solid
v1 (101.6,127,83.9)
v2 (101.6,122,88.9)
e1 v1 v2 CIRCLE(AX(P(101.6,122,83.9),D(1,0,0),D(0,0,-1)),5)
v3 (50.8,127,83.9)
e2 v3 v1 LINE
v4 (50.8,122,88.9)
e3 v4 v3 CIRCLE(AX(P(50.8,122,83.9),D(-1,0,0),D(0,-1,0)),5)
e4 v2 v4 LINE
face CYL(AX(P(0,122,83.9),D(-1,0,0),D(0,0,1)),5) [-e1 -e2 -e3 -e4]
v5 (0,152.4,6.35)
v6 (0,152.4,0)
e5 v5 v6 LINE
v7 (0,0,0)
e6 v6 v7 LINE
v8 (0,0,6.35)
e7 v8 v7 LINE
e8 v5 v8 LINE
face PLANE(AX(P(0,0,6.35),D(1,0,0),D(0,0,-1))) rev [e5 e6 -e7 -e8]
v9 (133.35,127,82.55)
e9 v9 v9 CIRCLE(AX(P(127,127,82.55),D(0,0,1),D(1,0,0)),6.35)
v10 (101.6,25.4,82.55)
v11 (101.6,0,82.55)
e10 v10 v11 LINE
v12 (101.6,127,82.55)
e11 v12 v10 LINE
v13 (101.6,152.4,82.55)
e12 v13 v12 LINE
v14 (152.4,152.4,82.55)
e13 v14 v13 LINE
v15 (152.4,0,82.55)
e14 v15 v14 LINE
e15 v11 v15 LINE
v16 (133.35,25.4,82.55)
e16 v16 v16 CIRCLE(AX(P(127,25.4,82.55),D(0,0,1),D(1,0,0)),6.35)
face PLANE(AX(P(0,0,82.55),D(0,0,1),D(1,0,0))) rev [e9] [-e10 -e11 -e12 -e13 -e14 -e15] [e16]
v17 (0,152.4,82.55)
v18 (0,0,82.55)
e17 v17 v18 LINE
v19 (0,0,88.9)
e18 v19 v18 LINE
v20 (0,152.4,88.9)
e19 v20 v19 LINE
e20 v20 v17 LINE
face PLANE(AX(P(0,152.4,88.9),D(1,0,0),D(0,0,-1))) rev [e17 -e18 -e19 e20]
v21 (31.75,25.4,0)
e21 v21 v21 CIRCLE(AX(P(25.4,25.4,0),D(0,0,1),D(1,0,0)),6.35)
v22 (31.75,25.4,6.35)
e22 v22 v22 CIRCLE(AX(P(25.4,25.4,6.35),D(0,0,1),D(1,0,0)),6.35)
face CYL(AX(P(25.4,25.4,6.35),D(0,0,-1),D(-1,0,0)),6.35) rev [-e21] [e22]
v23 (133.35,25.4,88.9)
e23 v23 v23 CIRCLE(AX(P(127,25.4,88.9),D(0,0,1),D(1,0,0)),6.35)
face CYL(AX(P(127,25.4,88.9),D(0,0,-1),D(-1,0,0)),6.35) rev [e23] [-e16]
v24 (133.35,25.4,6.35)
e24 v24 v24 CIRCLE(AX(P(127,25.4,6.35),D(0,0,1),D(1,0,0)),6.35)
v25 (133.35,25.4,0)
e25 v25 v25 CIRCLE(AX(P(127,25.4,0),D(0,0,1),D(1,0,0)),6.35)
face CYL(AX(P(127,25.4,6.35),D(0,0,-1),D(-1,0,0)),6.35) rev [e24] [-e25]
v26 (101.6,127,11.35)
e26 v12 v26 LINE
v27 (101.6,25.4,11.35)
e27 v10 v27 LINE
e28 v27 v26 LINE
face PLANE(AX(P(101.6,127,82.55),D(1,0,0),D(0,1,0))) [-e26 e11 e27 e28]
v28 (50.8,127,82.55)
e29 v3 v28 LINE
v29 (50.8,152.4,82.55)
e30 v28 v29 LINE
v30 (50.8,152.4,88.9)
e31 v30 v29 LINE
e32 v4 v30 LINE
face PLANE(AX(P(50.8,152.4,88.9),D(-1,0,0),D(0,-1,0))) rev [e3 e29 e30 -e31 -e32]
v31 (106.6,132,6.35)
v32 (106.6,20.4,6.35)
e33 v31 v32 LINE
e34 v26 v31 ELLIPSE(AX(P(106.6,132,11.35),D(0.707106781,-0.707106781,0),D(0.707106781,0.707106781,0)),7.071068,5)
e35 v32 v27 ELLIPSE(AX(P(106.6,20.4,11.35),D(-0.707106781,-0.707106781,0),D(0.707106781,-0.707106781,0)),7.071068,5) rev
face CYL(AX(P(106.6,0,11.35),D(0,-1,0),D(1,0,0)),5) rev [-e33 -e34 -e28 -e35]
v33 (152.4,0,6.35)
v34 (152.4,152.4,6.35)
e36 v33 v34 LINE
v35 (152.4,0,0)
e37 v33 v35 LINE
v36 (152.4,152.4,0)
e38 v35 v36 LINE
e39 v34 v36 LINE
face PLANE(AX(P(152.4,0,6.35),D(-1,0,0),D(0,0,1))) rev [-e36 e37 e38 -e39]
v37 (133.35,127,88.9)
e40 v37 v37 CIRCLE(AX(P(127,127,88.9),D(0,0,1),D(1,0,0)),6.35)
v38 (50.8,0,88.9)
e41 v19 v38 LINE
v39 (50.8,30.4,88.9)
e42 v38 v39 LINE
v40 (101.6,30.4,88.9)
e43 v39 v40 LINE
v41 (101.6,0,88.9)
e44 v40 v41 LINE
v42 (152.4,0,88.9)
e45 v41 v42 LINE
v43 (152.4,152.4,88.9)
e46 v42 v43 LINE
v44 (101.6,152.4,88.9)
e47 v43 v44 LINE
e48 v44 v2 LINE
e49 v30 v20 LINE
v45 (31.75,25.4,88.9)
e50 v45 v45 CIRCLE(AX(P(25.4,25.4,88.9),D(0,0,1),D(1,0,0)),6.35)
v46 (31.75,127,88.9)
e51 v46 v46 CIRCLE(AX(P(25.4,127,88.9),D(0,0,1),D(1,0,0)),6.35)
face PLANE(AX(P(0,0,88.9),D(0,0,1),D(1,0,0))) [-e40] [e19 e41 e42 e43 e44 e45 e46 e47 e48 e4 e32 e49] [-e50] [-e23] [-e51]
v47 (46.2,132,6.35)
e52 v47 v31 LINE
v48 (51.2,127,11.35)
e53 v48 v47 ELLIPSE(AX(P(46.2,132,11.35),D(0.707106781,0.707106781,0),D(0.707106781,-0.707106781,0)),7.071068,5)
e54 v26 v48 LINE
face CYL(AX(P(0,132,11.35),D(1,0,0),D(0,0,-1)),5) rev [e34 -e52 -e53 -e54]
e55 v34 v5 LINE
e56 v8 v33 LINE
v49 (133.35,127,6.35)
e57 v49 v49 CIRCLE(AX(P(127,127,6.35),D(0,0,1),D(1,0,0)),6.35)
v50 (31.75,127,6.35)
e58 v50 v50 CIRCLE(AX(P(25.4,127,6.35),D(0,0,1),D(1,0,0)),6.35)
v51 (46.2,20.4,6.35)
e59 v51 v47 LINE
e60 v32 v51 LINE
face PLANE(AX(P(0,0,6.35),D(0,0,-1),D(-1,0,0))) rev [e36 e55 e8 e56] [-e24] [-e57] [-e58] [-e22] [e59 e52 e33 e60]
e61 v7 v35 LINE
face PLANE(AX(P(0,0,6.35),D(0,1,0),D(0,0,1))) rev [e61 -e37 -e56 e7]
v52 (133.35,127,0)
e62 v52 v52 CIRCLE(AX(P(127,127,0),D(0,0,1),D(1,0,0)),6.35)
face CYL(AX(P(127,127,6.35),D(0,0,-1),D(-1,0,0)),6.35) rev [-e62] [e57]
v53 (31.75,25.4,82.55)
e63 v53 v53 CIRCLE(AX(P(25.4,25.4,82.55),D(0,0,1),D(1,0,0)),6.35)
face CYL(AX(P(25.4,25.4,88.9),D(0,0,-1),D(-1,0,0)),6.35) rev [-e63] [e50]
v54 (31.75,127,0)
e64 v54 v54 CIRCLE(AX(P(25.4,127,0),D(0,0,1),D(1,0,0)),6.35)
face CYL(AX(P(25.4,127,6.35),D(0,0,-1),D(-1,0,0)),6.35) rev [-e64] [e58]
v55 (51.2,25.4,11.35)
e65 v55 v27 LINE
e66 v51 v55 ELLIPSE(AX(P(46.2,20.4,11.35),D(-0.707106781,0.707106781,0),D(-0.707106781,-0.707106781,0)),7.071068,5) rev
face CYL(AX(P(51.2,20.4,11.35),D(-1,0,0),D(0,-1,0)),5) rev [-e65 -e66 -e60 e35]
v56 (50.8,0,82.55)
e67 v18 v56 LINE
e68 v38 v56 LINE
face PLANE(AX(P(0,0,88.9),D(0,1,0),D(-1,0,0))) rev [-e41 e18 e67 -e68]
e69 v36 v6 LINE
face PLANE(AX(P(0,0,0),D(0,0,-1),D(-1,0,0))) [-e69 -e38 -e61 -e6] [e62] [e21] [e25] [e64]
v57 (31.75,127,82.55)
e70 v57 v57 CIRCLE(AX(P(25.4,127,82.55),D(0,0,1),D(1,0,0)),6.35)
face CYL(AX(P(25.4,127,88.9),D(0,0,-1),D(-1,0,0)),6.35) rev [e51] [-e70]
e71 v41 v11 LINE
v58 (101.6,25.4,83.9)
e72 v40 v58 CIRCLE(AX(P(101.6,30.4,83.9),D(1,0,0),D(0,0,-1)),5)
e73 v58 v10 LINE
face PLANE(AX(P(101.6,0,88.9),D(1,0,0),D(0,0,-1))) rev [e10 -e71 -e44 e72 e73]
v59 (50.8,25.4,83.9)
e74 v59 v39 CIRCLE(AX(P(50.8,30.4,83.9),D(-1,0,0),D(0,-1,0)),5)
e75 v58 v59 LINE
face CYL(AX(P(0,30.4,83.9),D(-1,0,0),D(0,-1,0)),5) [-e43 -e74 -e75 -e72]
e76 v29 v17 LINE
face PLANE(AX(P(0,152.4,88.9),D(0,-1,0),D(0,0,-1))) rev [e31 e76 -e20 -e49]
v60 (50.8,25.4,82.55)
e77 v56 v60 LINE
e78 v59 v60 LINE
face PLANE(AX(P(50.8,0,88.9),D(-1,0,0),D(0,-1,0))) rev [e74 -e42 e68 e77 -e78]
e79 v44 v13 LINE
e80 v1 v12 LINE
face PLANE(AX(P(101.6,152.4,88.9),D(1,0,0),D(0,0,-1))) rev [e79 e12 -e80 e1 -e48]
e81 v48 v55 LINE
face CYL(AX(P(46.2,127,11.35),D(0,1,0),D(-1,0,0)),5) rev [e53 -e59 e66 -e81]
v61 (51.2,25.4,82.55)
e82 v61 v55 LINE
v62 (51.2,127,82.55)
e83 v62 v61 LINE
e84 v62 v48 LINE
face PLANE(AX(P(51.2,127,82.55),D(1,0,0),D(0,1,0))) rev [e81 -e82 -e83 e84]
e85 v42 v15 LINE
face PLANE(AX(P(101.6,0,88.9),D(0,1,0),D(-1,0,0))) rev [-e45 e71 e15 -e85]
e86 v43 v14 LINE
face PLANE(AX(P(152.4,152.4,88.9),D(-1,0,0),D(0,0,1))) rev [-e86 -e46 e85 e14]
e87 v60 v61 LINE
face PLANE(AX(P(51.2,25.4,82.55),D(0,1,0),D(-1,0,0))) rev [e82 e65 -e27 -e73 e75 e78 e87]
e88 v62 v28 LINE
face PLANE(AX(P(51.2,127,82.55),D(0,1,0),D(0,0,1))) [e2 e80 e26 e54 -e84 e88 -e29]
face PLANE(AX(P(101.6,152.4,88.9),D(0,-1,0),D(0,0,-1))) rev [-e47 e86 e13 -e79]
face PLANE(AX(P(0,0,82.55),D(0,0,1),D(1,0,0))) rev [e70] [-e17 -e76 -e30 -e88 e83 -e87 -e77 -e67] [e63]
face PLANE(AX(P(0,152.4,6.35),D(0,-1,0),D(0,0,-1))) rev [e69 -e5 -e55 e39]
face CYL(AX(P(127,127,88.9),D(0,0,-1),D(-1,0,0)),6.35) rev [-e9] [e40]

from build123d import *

# Parameters (mm, degrees)
SKETCH1_W           = 152.4
SKETCH1_H           = 152.4
SKETCH1_R           = 6.35
BOSS_EXTRUDE1_DEPTH = 6.35
SKETCH2_W           = 50.4
SKETCH2_H           = 101.6
BOSS_EXTRUDE2_DEPTH = 76.2
SKETCH3_R           = 6.35
BOSS_EXTRUDE3_DEPTH = 6.35
FILLET2_R           = 5
FILLET6_R           = 5


with BuildPart() as part:
    # Sketch1 → Boss-Extrude1 (new body)
    with BuildSketch(Plane.XY):
        with Locations((76.2, 76.2)):
            Rectangle(SKETCH1_W, SKETCH1_H)
        with Locations((25.4, 127)):
            Circle(SKETCH1_R, mode=Mode.SUBTRACT)
        with Locations((127, 127)):
            Circle(SKETCH1_R, mode=Mode.SUBTRACT)
        with Locations((127, 25.4)):
            Circle(SKETCH1_R, mode=Mode.SUBTRACT)
        with Locations((25.4, 25.4)):
            Circle(SKETCH1_R, mode=Mode.SUBTRACT)
    extrude(amount=BOSS_EXTRUDE1_DEPTH)

    # Sketch2 → Boss-Extrude2 (add)
    with BuildSketch(Plane.XY.offset(6.35)):
        with Locations((76.4, 76.2)):
            Rectangle(SKETCH2_W, SKETCH2_H)
    extrude(amount=BOSS_EXTRUDE2_DEPTH)

    # Sketch3 → Boss-Extrude3 (add)
    with BuildSketch(Plane.XY.offset(82.55)):
        Polygon((101.6, 152.4), (152.4, 152.4), (152.4, 0), (101.6, 0), (101.6, 25.4), (50.8, 25.4), (50.8, 0), (0, 0), (0, 152.4), (50.8, 152.4), (50.8, 127), (101.6, 127), align=None)
        with Locations((25.4, 127)):
            Circle(SKETCH3_R, mode=Mode.SUBTRACT)
        with Locations((127, 127)):
            Circle(SKETCH3_R, mode=Mode.SUBTRACT)
        with Locations((127, 25.4)):
            Circle(SKETCH3_R, mode=Mode.SUBTRACT)
        with Locations((25.4, 25.4)):
            Circle(SKETCH3_R, mode=Mode.SUBTRACT)
    extrude(amount=BOSS_EXTRUDE3_DEPTH)

    # Fillet2
    fillet2_edges = [part.edges().sort_by_distance(p)[0] for p in [
        (76.4, 25.4, 6.35),
        (51.2, 76.2, 6.35),
        (76.4, 127, 6.35),
        (101.6, 76.2, 6.35),
    ]]
    fillet(fillet2_edges, radius=FILLET2_R)

    # Fillet6
    fillet6_edges = [part.edges().sort_by_distance(p)[0] for p in [
        (76.2, 25.4, 88.9),
        (76.2, 127, 88.9),
    ]]
    fillet(fillet6_edges, radius=FILLET6_R)


solid = part.part
